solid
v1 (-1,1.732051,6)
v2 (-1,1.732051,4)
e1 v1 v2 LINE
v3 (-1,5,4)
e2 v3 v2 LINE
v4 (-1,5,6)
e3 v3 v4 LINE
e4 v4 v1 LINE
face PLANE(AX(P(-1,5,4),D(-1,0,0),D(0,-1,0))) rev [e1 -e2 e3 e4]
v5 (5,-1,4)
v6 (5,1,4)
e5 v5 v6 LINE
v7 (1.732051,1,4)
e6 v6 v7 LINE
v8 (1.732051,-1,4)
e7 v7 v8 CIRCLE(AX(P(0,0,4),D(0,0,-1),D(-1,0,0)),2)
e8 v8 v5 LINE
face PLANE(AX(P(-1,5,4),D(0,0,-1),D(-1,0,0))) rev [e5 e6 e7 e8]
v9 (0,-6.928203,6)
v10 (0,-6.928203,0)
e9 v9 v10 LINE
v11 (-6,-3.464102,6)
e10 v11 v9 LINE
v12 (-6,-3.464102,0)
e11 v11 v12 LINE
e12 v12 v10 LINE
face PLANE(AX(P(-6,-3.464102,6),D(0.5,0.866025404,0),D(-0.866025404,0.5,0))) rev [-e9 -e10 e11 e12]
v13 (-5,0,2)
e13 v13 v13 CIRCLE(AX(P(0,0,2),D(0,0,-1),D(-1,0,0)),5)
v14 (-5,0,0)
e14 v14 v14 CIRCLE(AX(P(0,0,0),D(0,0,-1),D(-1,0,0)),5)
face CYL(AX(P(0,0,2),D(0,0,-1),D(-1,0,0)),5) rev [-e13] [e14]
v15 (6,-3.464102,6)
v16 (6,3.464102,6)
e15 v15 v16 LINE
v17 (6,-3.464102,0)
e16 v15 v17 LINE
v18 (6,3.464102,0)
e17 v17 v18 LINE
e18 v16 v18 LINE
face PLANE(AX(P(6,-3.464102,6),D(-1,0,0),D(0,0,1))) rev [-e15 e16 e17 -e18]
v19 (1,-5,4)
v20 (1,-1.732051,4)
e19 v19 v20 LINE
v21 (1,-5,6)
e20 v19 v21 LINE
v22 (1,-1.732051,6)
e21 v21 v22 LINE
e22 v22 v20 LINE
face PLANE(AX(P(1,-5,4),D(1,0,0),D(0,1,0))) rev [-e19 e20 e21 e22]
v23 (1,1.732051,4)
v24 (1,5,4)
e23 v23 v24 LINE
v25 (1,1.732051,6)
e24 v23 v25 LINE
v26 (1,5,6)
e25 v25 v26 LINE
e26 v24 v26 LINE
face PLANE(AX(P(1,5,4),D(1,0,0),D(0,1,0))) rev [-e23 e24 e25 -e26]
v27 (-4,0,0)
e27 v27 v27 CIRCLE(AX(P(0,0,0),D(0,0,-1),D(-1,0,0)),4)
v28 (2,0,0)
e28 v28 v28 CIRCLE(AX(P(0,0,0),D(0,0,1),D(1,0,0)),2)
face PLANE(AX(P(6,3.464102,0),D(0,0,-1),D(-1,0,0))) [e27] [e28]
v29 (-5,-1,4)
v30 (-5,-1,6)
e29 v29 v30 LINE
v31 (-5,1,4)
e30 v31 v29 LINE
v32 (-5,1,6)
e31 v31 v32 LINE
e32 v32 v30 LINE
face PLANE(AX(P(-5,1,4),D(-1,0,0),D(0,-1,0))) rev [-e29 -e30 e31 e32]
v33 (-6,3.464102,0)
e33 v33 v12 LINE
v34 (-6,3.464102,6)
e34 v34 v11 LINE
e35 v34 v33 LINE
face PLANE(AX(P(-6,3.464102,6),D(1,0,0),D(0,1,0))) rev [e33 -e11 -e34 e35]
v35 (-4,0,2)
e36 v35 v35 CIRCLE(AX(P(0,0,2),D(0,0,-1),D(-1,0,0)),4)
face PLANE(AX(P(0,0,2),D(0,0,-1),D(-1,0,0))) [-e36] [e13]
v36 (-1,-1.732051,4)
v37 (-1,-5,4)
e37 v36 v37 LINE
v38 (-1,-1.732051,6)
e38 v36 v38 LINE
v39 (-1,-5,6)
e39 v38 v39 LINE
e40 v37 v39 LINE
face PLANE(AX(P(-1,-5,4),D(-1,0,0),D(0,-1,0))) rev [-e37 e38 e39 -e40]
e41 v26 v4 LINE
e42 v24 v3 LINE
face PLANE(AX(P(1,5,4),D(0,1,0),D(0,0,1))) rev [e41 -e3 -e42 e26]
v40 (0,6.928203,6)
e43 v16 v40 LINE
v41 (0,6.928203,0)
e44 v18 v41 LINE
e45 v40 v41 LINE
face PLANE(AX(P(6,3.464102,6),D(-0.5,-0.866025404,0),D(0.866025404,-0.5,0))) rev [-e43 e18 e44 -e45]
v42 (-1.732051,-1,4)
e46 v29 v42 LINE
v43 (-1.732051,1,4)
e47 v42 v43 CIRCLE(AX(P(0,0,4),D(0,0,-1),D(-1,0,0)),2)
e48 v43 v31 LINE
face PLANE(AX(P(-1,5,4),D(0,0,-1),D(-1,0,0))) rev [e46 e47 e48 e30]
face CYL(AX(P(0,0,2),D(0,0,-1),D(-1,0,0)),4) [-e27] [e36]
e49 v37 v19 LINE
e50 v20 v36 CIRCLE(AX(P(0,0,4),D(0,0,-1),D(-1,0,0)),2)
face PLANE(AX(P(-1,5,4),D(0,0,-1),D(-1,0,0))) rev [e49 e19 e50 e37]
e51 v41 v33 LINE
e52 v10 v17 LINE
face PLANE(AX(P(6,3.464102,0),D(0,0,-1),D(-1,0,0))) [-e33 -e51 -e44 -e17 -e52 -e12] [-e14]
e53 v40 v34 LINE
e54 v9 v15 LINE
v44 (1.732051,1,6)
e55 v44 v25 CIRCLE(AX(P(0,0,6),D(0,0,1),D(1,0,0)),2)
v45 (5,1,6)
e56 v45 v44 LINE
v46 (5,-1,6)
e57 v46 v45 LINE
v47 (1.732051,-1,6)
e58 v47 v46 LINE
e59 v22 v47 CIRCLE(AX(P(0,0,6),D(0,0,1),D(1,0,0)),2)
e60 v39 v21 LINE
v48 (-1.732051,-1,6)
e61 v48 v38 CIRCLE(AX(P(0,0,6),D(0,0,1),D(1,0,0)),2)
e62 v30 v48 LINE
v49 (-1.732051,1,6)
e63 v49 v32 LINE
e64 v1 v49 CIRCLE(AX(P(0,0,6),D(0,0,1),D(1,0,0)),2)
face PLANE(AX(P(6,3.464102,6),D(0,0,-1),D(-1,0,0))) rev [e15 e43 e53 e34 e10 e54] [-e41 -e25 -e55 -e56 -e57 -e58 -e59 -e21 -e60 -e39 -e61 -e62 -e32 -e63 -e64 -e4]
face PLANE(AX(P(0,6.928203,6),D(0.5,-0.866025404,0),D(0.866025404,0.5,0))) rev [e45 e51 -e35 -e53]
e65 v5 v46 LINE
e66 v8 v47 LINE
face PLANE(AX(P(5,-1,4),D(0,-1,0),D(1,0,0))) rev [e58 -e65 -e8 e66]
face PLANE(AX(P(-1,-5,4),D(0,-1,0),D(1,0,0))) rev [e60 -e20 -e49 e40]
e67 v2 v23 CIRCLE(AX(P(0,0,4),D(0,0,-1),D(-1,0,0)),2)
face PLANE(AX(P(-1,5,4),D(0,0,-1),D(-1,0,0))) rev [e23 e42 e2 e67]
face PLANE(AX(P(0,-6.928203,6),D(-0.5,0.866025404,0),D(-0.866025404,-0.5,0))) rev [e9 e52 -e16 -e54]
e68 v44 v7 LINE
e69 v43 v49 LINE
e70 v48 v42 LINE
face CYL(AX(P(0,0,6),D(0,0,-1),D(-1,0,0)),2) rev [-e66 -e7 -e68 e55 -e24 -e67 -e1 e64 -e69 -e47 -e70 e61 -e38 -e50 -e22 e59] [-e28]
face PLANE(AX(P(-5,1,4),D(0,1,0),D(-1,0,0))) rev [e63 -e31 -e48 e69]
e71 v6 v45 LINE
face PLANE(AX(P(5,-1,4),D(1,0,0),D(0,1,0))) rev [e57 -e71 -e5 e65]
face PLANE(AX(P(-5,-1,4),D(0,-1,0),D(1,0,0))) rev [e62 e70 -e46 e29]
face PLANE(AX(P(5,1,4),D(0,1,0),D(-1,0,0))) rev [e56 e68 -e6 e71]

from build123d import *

# Parameters (mm, degrees)
ESQUISSE1_R             = 2
BASE_EXTRUSION_DEPTH    = 6
ESQUISSE2_W             = 4
ESQUISSE2_H             = 2
ESQUISSE2_W_2           = 2
ESQUISSE2_H_2           = 4
ENL_V_MAT_EXTRU_1_DEPTH = 2
ESQUISSE3_R             = 5
ESQUISSE3_R_2           = 4
ENL_V_MAT_EXTRU_2_DEPTH = 2


with BuildPart() as part:
    # Esquisse1 → Base-Extrusion (new body)
    with BuildSketch(Plane.XY):
        Polygon((0, 6.92820323), (-6, 3.464101615), (-6, -3.464101615), (0, -6.92820323), (6, -3.464101615), (6, 3.464101615), align=None)
        Circle(ESQUISSE1_R, mode=Mode.SUBTRACT)
    extrude(amount=BASE_EXTRUSION_DEPTH)

    # Esquisse2 → Enlèv. mat.-Extru.1 (cut)
    with BuildSketch(Plane.XY.offset(6)):
        Polygon((1, 1), (1, 5), (-1, 5), (-1, 1), (-1, -1), (1, -1), align=None)
        with Locations((3, 0)):
            Rectangle(ESQUISSE2_W, ESQUISSE2_H)
        with Locations((-3, 0)):
            Rectangle(ESQUISSE2_W, ESQUISSE2_H)
        with Locations((0, -3)):
            Rectangle(ESQUISSE2_W_2, ESQUISSE2_H_2)
    extrude(amount=-ENL_V_MAT_EXTRU_1_DEPTH, mode=Mode.SUBTRACT)

    # Esquisse3 → Enlèv. mat.-Extru.2 (cut)
    with BuildSketch(Plane(origin=(0, 0, 0), x_dir=(-1, 0, 0), z_dir=(0, 0, -1))):
        Circle(ESQUISSE3_R)
        Circle(ESQUISSE3_R_2, mode=Mode.SUBTRACT)
    extrude(amount=-ENL_V_MAT_EXTRU_2_DEPTH, mode=Mode.SUBTRACT)


solid = part.part
